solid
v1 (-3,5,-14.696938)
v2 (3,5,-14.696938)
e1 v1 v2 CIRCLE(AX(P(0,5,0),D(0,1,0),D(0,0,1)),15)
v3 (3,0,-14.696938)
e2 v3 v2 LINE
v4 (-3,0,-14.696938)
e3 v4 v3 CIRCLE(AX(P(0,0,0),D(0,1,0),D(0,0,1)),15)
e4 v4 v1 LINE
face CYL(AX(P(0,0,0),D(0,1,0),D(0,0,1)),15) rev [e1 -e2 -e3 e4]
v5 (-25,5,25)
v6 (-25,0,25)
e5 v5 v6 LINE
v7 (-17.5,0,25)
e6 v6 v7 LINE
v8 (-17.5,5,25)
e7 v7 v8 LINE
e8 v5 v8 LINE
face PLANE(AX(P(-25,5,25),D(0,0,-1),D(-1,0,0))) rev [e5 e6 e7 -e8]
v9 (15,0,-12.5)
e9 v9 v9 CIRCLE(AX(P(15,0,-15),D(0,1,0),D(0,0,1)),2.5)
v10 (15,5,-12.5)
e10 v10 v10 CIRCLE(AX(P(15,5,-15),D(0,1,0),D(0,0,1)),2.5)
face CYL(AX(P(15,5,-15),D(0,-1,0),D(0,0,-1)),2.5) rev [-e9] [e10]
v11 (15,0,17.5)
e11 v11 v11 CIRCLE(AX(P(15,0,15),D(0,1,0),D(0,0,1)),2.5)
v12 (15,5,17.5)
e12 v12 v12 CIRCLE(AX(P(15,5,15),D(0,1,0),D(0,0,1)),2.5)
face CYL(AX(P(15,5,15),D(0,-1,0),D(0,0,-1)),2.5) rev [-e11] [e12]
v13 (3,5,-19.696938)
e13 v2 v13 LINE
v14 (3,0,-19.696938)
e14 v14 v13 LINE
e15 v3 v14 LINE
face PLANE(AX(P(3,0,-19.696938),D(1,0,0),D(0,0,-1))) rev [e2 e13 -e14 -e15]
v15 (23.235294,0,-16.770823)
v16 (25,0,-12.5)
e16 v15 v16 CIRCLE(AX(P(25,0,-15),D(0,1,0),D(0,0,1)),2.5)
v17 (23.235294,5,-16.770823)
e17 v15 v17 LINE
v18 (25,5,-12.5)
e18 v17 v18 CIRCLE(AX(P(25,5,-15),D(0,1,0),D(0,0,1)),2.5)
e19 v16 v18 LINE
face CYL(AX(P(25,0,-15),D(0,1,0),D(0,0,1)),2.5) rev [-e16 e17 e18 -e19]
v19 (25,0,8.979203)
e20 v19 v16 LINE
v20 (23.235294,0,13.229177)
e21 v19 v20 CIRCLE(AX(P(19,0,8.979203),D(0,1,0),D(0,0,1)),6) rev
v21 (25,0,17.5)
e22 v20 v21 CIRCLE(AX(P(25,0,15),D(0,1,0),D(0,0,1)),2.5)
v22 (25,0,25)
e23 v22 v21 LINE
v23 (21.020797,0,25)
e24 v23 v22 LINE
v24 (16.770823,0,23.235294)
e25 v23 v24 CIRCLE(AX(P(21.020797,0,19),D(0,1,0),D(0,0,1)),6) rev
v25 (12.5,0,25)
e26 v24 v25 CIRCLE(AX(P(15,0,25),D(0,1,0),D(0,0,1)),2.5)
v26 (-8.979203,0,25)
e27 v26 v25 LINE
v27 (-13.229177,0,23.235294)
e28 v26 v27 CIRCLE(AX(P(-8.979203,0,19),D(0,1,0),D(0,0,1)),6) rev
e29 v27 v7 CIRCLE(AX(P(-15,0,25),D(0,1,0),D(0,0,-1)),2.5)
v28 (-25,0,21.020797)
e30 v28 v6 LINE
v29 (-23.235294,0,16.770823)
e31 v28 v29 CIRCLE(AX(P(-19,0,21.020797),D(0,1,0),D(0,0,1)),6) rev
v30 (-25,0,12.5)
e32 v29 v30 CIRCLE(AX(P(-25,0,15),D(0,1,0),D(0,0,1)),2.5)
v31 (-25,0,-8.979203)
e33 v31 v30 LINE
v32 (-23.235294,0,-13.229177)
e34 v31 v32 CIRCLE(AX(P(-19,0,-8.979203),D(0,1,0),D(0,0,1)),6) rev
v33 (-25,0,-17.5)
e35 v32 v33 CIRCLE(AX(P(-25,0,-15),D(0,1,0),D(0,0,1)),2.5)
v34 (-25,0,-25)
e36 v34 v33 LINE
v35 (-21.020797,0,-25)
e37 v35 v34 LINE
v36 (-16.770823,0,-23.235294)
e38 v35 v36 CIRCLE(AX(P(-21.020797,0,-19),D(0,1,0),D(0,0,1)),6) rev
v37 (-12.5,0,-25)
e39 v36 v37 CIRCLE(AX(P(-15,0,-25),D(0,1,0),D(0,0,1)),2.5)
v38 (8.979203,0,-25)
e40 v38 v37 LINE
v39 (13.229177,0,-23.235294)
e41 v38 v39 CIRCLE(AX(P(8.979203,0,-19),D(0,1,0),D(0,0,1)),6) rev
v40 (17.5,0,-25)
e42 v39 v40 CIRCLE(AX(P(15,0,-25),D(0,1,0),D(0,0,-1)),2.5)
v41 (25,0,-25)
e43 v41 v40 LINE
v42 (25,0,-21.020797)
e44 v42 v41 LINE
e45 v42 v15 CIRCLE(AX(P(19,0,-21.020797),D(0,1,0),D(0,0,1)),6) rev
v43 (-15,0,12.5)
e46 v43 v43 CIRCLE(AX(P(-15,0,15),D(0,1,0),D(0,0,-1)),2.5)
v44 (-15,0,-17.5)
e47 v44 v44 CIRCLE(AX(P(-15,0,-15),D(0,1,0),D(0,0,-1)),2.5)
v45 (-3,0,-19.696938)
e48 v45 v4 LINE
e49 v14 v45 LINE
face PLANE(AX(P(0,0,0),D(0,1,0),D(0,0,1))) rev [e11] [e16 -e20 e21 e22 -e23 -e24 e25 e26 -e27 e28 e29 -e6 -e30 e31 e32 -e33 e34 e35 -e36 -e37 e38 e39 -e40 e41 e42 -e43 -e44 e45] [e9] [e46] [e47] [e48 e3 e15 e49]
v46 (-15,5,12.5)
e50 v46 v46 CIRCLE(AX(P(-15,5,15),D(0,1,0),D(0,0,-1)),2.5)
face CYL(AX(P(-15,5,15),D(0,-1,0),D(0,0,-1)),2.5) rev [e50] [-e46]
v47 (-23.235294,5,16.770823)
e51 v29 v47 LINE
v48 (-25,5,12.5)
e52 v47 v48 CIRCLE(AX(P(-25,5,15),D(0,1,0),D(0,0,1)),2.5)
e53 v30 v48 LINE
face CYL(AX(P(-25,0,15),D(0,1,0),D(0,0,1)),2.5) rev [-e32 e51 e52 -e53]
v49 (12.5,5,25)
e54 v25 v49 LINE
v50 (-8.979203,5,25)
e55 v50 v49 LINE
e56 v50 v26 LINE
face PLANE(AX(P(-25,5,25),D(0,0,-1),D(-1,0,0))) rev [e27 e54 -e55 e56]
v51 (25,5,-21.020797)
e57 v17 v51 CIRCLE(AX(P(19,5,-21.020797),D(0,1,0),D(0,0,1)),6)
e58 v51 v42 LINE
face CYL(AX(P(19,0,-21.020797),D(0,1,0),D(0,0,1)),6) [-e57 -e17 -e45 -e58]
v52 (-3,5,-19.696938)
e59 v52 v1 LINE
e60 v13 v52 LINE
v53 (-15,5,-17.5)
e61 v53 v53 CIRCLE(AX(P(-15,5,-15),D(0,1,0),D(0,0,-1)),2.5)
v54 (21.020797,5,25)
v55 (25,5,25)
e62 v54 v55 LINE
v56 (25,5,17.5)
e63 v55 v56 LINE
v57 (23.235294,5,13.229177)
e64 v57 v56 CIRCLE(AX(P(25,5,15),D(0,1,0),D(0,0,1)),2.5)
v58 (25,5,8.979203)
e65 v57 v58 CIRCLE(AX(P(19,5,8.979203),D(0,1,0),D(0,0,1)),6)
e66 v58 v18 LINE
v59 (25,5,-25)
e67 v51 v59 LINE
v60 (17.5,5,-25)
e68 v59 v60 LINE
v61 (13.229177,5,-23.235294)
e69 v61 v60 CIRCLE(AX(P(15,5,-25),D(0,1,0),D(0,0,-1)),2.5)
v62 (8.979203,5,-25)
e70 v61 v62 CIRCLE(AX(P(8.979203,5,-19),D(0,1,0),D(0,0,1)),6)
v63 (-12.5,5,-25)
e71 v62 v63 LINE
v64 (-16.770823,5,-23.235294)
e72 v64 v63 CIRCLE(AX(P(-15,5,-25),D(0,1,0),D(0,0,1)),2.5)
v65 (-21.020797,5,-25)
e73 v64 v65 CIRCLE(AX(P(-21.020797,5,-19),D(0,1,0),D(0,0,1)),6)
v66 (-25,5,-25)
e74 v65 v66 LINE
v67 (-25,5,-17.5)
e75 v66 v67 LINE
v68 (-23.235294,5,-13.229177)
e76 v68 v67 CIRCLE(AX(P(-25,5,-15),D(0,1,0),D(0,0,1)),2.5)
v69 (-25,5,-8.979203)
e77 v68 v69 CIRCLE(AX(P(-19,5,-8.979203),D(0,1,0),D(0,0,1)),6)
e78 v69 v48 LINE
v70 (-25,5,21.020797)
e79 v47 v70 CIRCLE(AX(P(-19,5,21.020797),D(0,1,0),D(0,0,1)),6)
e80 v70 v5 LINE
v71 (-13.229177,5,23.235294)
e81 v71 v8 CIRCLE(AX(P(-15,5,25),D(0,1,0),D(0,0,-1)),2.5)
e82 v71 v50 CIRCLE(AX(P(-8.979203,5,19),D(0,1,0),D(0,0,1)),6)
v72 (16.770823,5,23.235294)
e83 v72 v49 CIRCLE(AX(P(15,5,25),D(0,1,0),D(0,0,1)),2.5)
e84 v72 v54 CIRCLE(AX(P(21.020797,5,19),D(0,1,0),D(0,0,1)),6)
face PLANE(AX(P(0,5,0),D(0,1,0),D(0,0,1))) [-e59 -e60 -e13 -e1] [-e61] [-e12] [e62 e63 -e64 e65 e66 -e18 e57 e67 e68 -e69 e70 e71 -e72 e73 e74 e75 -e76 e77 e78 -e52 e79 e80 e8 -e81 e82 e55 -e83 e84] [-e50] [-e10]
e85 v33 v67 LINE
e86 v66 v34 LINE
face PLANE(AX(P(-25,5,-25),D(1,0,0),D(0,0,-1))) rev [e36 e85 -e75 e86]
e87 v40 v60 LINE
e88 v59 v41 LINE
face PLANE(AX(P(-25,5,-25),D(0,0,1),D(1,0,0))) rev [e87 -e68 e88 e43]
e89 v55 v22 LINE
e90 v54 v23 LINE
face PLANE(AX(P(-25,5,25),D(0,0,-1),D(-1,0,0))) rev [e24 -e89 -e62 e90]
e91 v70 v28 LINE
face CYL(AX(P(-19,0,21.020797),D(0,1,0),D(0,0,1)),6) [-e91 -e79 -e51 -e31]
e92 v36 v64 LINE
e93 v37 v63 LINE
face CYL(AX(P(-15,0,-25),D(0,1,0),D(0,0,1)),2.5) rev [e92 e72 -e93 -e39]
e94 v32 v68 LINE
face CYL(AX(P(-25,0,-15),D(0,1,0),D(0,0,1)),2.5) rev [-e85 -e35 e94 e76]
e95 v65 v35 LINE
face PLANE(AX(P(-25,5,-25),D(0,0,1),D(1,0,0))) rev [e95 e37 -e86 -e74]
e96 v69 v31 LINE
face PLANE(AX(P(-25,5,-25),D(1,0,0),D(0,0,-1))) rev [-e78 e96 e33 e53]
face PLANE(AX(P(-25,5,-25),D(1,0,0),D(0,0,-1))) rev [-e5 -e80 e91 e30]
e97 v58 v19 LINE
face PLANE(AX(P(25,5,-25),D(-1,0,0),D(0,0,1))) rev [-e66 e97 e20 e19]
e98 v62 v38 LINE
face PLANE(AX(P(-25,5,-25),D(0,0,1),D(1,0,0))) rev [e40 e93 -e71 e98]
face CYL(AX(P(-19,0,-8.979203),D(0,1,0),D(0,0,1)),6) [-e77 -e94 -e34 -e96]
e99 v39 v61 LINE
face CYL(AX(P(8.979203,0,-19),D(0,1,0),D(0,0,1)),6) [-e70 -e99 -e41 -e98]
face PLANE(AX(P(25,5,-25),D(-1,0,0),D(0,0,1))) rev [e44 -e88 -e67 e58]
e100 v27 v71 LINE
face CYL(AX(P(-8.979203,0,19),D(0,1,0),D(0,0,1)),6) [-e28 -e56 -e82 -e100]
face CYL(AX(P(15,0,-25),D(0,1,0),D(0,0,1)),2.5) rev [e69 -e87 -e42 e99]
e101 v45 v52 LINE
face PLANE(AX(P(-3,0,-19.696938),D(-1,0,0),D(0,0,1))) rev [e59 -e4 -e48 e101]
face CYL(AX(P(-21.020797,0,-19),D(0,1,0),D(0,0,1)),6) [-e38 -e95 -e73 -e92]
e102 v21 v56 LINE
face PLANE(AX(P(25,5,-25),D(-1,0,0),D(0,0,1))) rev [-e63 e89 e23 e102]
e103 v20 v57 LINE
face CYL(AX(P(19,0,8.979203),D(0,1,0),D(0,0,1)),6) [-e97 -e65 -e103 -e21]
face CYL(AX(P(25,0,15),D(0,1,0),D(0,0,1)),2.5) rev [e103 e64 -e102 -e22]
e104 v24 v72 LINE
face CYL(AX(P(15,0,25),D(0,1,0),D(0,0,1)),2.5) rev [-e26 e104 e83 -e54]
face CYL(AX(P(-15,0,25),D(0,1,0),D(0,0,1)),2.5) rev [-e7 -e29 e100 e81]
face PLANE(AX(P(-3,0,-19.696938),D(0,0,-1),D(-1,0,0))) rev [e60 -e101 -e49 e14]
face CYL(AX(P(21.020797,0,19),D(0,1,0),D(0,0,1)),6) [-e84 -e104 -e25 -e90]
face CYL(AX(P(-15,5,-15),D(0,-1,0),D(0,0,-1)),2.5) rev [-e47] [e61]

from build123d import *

# Parameters (mm, degrees)
SKETCH1_W           = 50
SKETCH1_H           = 50
SKETCH1_R           = 2.5
BOSS_EXTRUDE1_DEPTH = 5
SKETCH2_R           = 2.5
CUT_EXTRUDE1_DEPTH  = 5
CUT_EXTRUDE2_DEPTH  = 36.707142143
FILLET1_R           = 6


with BuildPart() as part:
    # Sketch1 → Boss-Extrude1 (new body)
    with BuildSketch(Plane(origin=(0, 0, 0), x_dir=(1, 0, 0), z_dir=(0, 1, 0))):
        Rectangle(SKETCH1_W, SKETCH1_H)
        with Locations(Location((15, 15, 0), (0, 0, 270))):
            Circle(SKETCH1_R, mode=Mode.SUBTRACT)
        with Locations(Location((15, -15, 0), (0, 0, 270))):
            Circle(SKETCH1_R, mode=Mode.SUBTRACT)
        with Locations(Location((-15, -15, 0), (0, 0, 90))):
            Circle(SKETCH1_R, mode=Mode.SUBTRACT)
        with Locations(Location((-15, 15, 0), (0, 0, 90))):
            Circle(SKETCH1_R, mode=Mode.SUBTRACT)
    extrude(amount=BOSS_EXTRUDE1_DEPTH)

    # Sketch2 → Cut-Extrude1 (cut)
    with BuildSketch(Plane(origin=(0, 5, 0), x_dir=(1, 0, 0), z_dir=(0, 1, 0))):
        with Locations((25, 15)):
            Circle(SKETCH2_R)
        with Locations((25, -15)):
            Circle(SKETCH2_R)
        with Locations((-25, 15)):
            Circle(SKETCH2_R)
        with Locations((-25, -15)):
            Circle(SKETCH2_R)
        with Locations((-15, 25)):
            Circle(SKETCH2_R)
        with Locations((15, 25)):
            Circle(SKETCH2_R)
        with Locations((15, -25)):
            Circle(SKETCH2_R)
        with Locations((-15, -25)):
            Circle(SKETCH2_R)
    extrude(amount=-CUT_EXTRUDE1_DEPTH, mode=Mode.SUBTRACT)

    # Sketch3 → Cut-Extrude2 (cut, through all)
    with BuildSketch(Plane(origin=(0, 5, 0), x_dir=(1, 0, 0), z_dir=(0, 1, 0))):
        with BuildLine():
            Line((-3, 19.696938457), (3, 19.696938457))
            Line((3, 19.696938457), (3, 14.696938457))
            ThreePointArc((3, 14.696938457), (0, -15), (-3, 14.696938457))
            Line((-3, 14.696938457), (-3, 19.696938457))
        make_face()
    extrude(amount=-CUT_EXTRUDE2_DEPTH, mode=Mode.SUBTRACT)

    # Fillet1
    fillet1_edges = [part.edges().sort_by_distance(p)[0] for p in [
        (-12.5, 2.5, 25),
        (17.5, 2.5, 25),
        (-25, 2.5, -12.5),
        (-25, 2.5, 17.5),
        (12.5, 2.5, -25),
        (-17.5, 2.5, -25),
        (25, 2.5, -17.5),
        (25, 2.5, 12.5),
    ]]
    fillet(fillet1_edges, radius=FILLET1_R)


solid = part.part
